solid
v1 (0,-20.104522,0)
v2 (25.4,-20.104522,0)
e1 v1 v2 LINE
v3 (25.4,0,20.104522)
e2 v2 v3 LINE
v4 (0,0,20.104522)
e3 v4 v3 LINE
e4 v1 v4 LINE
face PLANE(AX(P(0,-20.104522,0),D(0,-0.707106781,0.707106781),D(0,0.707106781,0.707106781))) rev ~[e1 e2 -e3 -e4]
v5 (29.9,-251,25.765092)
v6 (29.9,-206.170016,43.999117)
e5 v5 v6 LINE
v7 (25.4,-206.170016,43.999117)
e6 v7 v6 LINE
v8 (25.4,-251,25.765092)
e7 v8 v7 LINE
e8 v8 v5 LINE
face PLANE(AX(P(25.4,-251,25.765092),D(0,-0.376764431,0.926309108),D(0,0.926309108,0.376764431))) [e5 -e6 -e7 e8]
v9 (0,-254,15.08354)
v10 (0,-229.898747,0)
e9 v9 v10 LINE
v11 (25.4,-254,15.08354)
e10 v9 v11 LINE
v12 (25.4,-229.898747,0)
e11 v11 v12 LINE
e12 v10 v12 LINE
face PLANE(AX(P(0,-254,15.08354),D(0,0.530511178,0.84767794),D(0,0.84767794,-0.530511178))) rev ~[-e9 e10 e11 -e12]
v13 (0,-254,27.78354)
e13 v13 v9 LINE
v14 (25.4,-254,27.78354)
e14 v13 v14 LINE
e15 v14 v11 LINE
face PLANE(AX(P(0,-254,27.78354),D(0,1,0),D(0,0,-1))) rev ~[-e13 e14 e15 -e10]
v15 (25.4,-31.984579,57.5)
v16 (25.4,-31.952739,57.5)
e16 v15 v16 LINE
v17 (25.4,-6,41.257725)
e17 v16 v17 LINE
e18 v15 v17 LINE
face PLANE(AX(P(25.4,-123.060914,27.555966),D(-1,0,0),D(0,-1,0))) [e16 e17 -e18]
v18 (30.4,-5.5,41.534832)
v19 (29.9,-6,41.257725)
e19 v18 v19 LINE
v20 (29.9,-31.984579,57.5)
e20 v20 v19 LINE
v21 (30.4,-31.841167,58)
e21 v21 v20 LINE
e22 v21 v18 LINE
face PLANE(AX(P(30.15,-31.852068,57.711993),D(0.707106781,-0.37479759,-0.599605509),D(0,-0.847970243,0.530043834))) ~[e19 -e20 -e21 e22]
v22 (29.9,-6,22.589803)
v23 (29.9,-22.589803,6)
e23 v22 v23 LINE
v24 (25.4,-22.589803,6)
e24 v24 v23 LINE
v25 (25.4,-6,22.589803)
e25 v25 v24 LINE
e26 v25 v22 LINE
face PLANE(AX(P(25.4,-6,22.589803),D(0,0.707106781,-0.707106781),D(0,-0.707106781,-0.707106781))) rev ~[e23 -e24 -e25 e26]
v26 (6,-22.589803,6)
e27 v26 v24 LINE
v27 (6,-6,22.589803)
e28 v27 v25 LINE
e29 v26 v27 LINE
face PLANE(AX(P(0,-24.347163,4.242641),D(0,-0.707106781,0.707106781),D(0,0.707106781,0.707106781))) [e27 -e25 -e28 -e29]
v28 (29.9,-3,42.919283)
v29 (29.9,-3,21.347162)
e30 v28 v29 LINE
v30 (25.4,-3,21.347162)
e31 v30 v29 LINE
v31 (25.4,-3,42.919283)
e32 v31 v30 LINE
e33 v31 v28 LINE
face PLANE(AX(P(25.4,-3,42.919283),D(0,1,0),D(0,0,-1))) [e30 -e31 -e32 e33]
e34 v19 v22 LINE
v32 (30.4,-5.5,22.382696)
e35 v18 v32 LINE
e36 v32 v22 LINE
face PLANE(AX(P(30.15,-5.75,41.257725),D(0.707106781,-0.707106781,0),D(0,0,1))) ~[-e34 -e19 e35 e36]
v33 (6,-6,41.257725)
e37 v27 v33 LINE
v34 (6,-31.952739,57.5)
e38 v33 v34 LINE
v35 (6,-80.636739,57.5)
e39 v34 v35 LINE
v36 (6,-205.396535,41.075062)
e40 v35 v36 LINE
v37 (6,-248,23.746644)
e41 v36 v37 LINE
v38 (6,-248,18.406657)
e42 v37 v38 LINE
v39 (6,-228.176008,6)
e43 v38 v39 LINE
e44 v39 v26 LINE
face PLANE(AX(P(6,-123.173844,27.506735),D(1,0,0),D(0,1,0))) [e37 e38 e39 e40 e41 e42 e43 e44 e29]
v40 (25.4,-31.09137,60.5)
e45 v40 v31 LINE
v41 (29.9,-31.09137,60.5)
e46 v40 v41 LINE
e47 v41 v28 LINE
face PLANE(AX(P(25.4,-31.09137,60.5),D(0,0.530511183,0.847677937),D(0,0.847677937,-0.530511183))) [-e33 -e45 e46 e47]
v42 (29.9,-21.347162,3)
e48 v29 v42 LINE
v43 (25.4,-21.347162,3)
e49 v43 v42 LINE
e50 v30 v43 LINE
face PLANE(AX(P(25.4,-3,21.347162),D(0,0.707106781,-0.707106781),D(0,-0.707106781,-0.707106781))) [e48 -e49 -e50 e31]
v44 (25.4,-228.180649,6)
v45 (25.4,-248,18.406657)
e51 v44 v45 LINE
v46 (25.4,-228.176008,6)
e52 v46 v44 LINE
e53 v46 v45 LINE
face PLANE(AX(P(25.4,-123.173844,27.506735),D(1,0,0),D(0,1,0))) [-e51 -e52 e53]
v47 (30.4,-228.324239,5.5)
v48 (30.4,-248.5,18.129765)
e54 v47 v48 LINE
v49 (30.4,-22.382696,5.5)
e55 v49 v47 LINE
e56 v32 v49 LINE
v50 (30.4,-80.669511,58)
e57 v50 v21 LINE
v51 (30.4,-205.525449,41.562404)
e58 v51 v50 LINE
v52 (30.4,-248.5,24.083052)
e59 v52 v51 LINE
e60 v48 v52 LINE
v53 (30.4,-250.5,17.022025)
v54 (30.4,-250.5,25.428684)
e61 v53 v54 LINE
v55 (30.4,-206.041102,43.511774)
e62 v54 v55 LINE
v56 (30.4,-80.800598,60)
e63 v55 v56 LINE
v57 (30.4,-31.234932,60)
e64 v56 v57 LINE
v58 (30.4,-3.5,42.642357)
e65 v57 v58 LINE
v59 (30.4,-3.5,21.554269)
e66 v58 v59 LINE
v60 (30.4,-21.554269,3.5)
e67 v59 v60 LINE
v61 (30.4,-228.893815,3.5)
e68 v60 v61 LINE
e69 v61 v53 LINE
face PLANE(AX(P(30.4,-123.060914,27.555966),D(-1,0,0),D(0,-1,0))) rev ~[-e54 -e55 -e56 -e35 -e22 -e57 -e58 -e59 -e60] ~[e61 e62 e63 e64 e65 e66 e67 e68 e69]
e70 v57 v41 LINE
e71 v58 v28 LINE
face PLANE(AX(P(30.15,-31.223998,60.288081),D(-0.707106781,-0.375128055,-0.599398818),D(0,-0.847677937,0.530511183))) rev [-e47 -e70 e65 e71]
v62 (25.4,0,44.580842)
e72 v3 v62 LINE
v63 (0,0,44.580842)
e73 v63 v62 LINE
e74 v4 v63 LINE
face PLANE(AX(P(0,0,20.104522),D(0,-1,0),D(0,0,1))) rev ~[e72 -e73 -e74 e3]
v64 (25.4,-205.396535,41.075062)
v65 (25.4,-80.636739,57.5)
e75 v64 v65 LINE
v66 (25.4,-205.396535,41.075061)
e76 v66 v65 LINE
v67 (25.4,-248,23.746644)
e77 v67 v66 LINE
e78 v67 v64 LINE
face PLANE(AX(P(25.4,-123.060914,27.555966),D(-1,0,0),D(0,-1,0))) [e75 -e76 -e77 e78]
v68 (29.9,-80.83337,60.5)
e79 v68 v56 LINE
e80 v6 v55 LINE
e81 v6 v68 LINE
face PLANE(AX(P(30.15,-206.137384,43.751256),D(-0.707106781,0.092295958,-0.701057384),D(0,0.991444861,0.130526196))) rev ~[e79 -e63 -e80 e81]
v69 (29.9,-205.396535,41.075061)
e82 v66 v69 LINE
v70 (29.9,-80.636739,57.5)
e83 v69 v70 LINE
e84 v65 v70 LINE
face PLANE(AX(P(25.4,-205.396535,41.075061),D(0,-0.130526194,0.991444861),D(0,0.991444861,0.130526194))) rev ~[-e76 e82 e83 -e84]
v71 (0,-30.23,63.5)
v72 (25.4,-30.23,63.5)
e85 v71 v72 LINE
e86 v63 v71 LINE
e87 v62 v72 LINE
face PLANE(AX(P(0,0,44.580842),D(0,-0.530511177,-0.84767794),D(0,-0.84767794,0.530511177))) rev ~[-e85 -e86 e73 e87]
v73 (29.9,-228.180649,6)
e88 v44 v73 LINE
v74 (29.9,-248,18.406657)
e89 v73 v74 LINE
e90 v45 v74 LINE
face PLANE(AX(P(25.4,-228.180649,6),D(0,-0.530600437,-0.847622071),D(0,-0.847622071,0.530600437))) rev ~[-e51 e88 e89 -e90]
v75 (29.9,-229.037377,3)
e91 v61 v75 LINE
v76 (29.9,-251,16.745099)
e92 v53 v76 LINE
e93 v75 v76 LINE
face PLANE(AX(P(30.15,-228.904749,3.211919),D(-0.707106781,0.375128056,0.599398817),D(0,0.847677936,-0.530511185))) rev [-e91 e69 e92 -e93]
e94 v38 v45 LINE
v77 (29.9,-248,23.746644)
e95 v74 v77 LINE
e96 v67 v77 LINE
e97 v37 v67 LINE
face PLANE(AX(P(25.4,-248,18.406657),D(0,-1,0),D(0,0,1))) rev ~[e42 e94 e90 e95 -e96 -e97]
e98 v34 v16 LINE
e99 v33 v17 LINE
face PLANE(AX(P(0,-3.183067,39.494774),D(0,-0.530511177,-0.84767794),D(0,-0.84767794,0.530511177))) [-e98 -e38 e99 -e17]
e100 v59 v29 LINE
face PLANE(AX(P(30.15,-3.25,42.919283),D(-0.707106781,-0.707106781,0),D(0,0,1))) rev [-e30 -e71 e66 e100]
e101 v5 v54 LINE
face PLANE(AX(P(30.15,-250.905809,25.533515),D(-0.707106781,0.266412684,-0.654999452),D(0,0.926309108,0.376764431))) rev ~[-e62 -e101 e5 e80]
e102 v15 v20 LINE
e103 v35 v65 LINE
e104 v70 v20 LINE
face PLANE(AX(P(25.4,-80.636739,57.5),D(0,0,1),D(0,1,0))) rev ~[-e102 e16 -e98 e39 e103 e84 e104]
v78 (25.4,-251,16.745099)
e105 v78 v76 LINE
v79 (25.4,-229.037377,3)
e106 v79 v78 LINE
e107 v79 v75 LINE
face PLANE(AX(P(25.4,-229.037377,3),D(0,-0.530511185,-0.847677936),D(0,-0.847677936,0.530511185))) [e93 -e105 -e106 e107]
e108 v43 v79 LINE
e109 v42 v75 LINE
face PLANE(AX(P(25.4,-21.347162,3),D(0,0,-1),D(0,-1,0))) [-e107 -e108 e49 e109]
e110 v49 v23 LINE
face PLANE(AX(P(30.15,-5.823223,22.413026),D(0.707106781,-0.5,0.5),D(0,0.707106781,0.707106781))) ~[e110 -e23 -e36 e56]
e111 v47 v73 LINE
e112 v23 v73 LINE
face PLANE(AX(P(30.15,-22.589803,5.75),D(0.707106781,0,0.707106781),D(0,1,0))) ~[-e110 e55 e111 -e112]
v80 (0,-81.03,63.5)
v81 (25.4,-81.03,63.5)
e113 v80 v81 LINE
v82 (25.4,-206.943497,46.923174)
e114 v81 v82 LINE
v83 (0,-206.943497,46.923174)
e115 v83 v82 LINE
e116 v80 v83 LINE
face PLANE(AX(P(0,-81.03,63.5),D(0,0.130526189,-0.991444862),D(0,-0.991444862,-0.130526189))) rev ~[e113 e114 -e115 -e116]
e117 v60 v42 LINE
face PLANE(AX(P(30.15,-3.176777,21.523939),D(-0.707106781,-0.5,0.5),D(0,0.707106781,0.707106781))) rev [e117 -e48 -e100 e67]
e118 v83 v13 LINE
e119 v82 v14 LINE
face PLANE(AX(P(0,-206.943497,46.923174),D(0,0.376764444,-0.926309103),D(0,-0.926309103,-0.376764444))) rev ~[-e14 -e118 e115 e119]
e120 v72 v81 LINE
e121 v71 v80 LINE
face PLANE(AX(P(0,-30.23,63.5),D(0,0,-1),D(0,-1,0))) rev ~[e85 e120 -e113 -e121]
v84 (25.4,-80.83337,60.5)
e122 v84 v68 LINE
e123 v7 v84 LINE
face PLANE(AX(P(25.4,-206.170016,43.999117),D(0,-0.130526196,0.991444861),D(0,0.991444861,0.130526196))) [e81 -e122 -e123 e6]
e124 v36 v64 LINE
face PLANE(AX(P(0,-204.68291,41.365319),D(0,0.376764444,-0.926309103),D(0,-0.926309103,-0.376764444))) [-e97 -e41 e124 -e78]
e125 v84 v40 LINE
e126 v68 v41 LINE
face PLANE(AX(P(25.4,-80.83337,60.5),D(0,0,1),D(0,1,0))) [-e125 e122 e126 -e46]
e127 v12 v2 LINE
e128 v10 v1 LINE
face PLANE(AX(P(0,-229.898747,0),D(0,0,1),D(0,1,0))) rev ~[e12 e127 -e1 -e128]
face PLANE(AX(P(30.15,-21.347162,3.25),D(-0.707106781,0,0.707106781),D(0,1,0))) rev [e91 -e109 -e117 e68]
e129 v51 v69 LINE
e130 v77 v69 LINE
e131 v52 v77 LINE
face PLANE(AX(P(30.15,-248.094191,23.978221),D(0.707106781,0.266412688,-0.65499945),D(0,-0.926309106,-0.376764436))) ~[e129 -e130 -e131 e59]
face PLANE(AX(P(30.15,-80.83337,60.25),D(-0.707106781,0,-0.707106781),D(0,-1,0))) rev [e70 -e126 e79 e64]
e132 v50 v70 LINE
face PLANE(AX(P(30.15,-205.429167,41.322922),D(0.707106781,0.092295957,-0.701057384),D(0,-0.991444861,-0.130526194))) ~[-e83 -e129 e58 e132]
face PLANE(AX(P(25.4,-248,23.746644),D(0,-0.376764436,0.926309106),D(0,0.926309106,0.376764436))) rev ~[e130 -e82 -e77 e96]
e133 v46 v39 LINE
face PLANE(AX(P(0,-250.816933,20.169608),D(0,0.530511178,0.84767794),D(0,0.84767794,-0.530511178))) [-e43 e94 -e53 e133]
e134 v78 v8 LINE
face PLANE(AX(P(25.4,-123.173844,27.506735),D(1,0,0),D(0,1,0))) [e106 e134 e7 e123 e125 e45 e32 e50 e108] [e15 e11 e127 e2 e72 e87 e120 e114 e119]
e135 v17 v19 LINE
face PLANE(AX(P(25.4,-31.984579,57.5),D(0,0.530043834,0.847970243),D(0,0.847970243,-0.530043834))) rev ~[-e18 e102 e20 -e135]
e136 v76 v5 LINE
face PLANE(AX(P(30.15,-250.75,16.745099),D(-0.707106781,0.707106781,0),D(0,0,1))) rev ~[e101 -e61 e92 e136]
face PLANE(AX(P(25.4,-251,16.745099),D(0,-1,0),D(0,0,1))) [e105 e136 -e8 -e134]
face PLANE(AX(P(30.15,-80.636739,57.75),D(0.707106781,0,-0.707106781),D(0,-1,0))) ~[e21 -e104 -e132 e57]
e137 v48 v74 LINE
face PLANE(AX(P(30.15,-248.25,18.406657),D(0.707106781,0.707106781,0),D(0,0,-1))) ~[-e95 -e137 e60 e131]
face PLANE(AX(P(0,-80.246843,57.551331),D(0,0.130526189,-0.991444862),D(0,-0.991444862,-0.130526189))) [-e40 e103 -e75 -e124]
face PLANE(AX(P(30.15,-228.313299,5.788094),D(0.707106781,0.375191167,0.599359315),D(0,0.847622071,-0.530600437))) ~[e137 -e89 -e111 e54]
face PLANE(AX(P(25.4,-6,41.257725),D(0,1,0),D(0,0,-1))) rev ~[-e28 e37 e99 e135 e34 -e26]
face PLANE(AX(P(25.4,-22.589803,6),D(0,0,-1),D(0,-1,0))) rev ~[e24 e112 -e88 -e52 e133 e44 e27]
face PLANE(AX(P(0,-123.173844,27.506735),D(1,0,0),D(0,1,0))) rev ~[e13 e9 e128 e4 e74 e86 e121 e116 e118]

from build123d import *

# Parameters (mm, degrees)
PAD_DEPTH    = 25.4
THICKNESS_T  = -6
PAD001_DEPTH = 5
CHAMFER_SIZE = 0.5


with BuildPart() as part:
    # Sketch → Pad (new body)
    with BuildSketch(Plane.YZ):
        Polygon((-229.898747, 0), (-20.104522, 0), (0, 20.104522), (0, 44.580842), (-30.23, 63.5), (-81.03, 63.5), (-206.943497, 46.923174), (-254, 27.78354), (-254, 15.08354), align=None)
    extrude(amount=PAD_DEPTH)

    # Thickness
    thickness_openings = [part.faces().sort_by_distance(p)[0] for p in [
        (25.4, -116.810873, 28.186462),
    ]]
    offset(amount=THICKNESS_T, openings=thickness_openings, kind=Kind.INTERSECTION)

    # Sketch001 (on Face11 of Thickness) → Pad001 (join)
    with BuildSketch(Plane.YZ.offset(25.4)):
        Polygon((-251, 25.765092), (-206.170016, 43.999117), (-80.83337, 60.5), (-31.09137, 60.5), (-3, 42.919283), (-3, 21.347162), (-21.347162, 3), (-229.037377, 3), (-251, 16.745099), align=None)
        Polygon((-80.636739, 57.5), (-31.984579, 57.5), (-6, 41.257725), (-6, 22.589803), (-22.589803, 6), (-228.180649, 6), (-248, 18.406657), (-248, 23.746644), (-205.396535, 41.075061), align=None, mode=Mode.SUBTRACT)
    extrude(amount=PAD001_DEPTH)

    # Chamfer
    chamfer_edges = [part.edges().sort_by_distance(p)[0] for p in [
        (30.4, -228.585008, 34.882105),
        (30.4, -143.501693, 52.249559),
        (30.4, -55.96237, 60.5),
        (30.4, -17.045685, 51.709642),
        (30.4, -3, 32.133223),
        (30.4, -12.173581, 12.173581),
        (30.4, -125.19227, 3),
        (30.4, -240.018689, 9.872549),
        (30.4, -251, 21.255096),
        (30.4, -143.016637, 49.287531),
        (30.4, -226.698268, 32.410853),
        (30.4, -248, 21.076651),
        (30.4, -238.090325, 12.203329),
        (30.4, -125.385226, 6),
        (30.4, -14.294902, 14.294902),
        (30.4, -6, 31.923764),
        (30.4, -18.99229, 49.378862),
        (30.4, -56.310659, 57.5),
    ]]
    chamfer(chamfer_edges, length=CHAMFER_SIZE)


solid = part.part
